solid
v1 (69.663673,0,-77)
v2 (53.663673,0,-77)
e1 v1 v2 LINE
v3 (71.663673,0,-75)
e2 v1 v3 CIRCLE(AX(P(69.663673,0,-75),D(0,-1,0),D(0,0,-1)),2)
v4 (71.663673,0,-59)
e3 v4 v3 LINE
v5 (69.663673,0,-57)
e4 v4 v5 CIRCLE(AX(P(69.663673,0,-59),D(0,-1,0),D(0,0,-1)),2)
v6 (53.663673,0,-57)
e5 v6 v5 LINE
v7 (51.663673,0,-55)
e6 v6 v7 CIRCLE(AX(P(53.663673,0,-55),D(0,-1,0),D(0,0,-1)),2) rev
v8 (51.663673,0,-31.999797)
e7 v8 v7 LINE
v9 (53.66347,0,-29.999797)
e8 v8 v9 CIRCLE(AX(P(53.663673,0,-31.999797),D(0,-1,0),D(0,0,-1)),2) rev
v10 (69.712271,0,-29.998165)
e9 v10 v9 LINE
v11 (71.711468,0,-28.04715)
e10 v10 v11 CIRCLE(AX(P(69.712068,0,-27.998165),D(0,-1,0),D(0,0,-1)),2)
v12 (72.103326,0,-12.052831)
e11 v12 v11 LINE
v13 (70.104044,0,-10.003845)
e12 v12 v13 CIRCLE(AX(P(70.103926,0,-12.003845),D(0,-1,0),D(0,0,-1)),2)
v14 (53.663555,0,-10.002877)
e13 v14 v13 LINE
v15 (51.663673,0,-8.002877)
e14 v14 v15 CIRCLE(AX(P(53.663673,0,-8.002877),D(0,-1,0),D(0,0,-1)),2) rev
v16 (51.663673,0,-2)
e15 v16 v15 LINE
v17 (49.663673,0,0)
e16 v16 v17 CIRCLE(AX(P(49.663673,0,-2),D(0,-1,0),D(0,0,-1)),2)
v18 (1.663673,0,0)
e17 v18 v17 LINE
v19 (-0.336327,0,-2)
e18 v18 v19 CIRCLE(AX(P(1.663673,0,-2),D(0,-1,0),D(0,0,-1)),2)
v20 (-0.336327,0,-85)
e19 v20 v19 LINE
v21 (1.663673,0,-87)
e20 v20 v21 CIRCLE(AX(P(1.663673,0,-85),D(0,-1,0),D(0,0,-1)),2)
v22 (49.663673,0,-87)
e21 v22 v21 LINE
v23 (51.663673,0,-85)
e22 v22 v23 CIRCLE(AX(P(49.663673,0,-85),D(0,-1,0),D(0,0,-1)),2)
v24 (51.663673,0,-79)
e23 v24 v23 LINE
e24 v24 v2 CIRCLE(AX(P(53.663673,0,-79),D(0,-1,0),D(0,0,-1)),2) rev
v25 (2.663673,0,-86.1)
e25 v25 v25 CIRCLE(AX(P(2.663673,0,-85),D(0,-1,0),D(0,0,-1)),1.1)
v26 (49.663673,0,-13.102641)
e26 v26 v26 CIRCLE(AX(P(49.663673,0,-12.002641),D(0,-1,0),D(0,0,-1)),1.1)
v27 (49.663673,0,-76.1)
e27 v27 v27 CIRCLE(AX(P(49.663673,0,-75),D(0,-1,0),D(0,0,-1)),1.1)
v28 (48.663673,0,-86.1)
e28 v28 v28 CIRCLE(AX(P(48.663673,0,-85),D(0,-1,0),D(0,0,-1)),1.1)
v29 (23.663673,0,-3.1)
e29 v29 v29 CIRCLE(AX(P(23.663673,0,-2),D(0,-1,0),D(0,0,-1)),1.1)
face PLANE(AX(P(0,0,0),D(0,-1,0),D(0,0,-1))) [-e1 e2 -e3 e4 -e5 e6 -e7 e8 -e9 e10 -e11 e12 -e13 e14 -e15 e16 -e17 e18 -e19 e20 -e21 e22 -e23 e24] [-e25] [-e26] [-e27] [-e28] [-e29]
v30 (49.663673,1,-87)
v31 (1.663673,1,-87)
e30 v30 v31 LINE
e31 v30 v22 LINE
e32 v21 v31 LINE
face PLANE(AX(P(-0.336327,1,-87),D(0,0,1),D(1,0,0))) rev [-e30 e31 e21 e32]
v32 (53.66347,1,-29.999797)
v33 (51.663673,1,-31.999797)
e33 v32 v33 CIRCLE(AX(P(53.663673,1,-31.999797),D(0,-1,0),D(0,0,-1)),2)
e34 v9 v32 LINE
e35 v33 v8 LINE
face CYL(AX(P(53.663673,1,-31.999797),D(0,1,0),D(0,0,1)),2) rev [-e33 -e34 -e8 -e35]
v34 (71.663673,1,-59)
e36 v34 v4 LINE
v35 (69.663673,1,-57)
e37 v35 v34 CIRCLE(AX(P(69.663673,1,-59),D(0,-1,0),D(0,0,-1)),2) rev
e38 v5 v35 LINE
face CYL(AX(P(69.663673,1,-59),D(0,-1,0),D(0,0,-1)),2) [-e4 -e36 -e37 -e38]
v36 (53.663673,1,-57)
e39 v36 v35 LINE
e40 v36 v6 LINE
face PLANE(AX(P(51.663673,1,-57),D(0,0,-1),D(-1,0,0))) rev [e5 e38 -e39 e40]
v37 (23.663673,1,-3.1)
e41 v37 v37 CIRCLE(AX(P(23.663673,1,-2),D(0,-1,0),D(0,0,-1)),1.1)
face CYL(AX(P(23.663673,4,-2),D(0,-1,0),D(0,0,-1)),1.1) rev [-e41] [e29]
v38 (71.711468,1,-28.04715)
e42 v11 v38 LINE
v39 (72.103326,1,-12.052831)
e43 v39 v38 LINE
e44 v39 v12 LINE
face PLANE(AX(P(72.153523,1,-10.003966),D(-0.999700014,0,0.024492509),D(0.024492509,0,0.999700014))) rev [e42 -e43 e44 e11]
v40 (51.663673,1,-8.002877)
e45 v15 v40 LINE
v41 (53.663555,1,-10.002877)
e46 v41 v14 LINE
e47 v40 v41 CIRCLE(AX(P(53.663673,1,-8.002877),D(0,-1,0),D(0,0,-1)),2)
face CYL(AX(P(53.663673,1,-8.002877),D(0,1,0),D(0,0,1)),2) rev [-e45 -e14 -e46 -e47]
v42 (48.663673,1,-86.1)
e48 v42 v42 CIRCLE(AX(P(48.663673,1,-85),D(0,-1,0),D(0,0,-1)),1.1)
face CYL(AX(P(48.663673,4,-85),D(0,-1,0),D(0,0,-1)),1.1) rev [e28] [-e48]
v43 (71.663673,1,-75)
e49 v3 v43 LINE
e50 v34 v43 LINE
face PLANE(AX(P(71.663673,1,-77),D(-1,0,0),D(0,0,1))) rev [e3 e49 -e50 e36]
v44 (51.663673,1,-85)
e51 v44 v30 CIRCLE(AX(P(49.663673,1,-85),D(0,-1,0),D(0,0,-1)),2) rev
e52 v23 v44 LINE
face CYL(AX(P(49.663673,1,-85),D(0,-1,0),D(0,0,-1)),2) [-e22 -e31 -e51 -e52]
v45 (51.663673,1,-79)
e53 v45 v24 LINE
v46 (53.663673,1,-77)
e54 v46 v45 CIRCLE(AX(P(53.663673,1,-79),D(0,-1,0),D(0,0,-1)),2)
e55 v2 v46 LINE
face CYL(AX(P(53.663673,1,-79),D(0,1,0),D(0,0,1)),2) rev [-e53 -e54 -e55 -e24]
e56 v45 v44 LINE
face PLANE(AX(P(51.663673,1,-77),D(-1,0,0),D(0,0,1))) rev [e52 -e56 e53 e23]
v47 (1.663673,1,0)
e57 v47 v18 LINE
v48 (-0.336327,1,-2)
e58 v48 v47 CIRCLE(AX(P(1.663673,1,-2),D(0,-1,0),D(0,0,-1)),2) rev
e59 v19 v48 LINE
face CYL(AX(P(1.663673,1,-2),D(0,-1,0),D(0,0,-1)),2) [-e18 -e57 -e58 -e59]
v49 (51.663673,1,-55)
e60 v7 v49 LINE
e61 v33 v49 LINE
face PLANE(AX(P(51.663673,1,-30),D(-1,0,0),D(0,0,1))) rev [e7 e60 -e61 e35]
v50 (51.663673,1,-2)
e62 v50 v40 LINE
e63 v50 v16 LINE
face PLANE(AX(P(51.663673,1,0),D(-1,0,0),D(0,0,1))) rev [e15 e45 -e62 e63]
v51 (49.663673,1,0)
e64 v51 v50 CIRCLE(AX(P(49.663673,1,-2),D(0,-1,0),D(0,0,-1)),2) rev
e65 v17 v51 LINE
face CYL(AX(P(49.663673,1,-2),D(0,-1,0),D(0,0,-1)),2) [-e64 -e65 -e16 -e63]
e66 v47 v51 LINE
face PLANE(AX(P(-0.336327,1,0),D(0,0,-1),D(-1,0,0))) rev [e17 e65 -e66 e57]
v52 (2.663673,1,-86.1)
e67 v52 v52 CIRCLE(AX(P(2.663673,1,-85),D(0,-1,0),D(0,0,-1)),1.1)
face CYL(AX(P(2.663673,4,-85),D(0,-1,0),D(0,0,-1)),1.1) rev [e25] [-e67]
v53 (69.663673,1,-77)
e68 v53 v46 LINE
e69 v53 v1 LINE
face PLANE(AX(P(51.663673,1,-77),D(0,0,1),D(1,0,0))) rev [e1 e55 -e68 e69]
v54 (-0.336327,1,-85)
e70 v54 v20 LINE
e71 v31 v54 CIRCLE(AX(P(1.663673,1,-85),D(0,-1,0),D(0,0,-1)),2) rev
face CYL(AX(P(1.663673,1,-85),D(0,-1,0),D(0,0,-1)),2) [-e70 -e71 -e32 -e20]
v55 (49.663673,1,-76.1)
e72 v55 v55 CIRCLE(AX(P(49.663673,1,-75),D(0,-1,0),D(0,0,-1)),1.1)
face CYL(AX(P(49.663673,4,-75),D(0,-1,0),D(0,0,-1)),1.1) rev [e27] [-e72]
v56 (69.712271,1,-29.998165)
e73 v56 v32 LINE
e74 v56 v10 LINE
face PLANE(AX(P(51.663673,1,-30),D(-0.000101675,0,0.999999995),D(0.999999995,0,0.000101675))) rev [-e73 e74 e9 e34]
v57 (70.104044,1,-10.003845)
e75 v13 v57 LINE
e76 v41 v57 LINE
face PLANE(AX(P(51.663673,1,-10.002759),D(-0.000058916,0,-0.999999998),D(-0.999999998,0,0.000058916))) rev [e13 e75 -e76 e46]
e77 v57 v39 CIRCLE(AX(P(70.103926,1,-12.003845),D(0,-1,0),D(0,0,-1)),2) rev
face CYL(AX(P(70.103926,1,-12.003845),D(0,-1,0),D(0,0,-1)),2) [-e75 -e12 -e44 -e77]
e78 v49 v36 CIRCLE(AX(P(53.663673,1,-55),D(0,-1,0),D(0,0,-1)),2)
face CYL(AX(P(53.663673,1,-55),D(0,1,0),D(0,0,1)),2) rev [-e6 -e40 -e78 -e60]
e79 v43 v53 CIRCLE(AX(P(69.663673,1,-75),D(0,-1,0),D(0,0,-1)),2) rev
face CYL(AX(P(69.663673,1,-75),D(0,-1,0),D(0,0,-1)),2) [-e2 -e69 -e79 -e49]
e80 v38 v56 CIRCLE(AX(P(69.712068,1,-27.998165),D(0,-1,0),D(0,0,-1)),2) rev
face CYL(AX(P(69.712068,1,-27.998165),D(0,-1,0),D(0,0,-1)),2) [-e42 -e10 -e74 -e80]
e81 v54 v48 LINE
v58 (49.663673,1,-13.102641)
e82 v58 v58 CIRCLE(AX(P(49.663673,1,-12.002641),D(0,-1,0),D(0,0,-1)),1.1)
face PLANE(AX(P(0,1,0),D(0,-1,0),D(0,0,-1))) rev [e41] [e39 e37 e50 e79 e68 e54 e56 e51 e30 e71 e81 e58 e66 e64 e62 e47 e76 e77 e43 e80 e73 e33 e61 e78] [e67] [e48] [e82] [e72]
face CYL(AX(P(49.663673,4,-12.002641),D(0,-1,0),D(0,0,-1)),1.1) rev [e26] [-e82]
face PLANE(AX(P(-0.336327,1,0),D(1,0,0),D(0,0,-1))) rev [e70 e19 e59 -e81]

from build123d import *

# Parameters (mm, degrees)
BOSS_EXTRUDE1_DEPTH = 1
SKETCH2_R           = 1.1
CUT_EXTRUDE1_DEPTH  = 4
FILLET1_R           = 2


with BuildPart() as part:
    # Sketch1 → Boss-Extrude1 (new body)
    with BuildSketch(Plane(origin=(0, 0, 0), x_dir=(1, 0, 0), z_dir=(0, 1, 0))):
        Polygon((51.663673174, 77), (51.663673174, 87), (-0.336326826, 87), (-0.336326826, 0), (51.663673174, 0), (51.663673174, 10.002759049), (72.15352325, 10.003966236), (71.663673071, 29.997966506), (51.663673174, 30), (51.663673174, 57), (71.663673174, 57), (71.663673174, 77), align=None)
    extrude(amount=BOSS_EXTRUDE1_DEPTH)

    # Sketch2 → Cut-Extrude1 (cut)
    with BuildSketch(Plane.XZ):
        with Locations((2.663673174, -85)):
            Circle(SKETCH2_R)
        with Locations((48.663673174, -85)):
            Circle(SKETCH2_R)
        with Locations((23.663673174, -2)):
            Circle(SKETCH2_R)
        with Locations((49.663673174, -12.002641219)):
            Circle(SKETCH2_R)
        with Locations((49.663673174, -75)):
            Circle(SKETCH2_R)
    extrude(amount=-CUT_EXTRUDE1_DEPTH, mode=Mode.SUBTRACT)

    # Fillet1
    fillet1_edges = [part.edges().sort_by_distance(p)[0] for p in [
        (-0.336326826, 0.5, -87),
        (51.663673174, 0.5, -87),
        (51.663673174, 0.5, -77),
        (71.663673174, 0.5, -77),
        (71.663673174, 0.5, -57),
        (51.663673174, 0.5, -57),
        (51.663673174, 0.5, -30),
        (71.663673071, 0.5, -29.997966506),
        (72.15352325, 0.5, -10.003966236),
        (51.663673174, 0.5, -10.002759049),
        (51.663673174, 0.5, 0),
        (-0.336326826, 0.5, 0),
    ]]
    fillet(fillet1_edges, radius=FILLET1_R)


solid = part.part
